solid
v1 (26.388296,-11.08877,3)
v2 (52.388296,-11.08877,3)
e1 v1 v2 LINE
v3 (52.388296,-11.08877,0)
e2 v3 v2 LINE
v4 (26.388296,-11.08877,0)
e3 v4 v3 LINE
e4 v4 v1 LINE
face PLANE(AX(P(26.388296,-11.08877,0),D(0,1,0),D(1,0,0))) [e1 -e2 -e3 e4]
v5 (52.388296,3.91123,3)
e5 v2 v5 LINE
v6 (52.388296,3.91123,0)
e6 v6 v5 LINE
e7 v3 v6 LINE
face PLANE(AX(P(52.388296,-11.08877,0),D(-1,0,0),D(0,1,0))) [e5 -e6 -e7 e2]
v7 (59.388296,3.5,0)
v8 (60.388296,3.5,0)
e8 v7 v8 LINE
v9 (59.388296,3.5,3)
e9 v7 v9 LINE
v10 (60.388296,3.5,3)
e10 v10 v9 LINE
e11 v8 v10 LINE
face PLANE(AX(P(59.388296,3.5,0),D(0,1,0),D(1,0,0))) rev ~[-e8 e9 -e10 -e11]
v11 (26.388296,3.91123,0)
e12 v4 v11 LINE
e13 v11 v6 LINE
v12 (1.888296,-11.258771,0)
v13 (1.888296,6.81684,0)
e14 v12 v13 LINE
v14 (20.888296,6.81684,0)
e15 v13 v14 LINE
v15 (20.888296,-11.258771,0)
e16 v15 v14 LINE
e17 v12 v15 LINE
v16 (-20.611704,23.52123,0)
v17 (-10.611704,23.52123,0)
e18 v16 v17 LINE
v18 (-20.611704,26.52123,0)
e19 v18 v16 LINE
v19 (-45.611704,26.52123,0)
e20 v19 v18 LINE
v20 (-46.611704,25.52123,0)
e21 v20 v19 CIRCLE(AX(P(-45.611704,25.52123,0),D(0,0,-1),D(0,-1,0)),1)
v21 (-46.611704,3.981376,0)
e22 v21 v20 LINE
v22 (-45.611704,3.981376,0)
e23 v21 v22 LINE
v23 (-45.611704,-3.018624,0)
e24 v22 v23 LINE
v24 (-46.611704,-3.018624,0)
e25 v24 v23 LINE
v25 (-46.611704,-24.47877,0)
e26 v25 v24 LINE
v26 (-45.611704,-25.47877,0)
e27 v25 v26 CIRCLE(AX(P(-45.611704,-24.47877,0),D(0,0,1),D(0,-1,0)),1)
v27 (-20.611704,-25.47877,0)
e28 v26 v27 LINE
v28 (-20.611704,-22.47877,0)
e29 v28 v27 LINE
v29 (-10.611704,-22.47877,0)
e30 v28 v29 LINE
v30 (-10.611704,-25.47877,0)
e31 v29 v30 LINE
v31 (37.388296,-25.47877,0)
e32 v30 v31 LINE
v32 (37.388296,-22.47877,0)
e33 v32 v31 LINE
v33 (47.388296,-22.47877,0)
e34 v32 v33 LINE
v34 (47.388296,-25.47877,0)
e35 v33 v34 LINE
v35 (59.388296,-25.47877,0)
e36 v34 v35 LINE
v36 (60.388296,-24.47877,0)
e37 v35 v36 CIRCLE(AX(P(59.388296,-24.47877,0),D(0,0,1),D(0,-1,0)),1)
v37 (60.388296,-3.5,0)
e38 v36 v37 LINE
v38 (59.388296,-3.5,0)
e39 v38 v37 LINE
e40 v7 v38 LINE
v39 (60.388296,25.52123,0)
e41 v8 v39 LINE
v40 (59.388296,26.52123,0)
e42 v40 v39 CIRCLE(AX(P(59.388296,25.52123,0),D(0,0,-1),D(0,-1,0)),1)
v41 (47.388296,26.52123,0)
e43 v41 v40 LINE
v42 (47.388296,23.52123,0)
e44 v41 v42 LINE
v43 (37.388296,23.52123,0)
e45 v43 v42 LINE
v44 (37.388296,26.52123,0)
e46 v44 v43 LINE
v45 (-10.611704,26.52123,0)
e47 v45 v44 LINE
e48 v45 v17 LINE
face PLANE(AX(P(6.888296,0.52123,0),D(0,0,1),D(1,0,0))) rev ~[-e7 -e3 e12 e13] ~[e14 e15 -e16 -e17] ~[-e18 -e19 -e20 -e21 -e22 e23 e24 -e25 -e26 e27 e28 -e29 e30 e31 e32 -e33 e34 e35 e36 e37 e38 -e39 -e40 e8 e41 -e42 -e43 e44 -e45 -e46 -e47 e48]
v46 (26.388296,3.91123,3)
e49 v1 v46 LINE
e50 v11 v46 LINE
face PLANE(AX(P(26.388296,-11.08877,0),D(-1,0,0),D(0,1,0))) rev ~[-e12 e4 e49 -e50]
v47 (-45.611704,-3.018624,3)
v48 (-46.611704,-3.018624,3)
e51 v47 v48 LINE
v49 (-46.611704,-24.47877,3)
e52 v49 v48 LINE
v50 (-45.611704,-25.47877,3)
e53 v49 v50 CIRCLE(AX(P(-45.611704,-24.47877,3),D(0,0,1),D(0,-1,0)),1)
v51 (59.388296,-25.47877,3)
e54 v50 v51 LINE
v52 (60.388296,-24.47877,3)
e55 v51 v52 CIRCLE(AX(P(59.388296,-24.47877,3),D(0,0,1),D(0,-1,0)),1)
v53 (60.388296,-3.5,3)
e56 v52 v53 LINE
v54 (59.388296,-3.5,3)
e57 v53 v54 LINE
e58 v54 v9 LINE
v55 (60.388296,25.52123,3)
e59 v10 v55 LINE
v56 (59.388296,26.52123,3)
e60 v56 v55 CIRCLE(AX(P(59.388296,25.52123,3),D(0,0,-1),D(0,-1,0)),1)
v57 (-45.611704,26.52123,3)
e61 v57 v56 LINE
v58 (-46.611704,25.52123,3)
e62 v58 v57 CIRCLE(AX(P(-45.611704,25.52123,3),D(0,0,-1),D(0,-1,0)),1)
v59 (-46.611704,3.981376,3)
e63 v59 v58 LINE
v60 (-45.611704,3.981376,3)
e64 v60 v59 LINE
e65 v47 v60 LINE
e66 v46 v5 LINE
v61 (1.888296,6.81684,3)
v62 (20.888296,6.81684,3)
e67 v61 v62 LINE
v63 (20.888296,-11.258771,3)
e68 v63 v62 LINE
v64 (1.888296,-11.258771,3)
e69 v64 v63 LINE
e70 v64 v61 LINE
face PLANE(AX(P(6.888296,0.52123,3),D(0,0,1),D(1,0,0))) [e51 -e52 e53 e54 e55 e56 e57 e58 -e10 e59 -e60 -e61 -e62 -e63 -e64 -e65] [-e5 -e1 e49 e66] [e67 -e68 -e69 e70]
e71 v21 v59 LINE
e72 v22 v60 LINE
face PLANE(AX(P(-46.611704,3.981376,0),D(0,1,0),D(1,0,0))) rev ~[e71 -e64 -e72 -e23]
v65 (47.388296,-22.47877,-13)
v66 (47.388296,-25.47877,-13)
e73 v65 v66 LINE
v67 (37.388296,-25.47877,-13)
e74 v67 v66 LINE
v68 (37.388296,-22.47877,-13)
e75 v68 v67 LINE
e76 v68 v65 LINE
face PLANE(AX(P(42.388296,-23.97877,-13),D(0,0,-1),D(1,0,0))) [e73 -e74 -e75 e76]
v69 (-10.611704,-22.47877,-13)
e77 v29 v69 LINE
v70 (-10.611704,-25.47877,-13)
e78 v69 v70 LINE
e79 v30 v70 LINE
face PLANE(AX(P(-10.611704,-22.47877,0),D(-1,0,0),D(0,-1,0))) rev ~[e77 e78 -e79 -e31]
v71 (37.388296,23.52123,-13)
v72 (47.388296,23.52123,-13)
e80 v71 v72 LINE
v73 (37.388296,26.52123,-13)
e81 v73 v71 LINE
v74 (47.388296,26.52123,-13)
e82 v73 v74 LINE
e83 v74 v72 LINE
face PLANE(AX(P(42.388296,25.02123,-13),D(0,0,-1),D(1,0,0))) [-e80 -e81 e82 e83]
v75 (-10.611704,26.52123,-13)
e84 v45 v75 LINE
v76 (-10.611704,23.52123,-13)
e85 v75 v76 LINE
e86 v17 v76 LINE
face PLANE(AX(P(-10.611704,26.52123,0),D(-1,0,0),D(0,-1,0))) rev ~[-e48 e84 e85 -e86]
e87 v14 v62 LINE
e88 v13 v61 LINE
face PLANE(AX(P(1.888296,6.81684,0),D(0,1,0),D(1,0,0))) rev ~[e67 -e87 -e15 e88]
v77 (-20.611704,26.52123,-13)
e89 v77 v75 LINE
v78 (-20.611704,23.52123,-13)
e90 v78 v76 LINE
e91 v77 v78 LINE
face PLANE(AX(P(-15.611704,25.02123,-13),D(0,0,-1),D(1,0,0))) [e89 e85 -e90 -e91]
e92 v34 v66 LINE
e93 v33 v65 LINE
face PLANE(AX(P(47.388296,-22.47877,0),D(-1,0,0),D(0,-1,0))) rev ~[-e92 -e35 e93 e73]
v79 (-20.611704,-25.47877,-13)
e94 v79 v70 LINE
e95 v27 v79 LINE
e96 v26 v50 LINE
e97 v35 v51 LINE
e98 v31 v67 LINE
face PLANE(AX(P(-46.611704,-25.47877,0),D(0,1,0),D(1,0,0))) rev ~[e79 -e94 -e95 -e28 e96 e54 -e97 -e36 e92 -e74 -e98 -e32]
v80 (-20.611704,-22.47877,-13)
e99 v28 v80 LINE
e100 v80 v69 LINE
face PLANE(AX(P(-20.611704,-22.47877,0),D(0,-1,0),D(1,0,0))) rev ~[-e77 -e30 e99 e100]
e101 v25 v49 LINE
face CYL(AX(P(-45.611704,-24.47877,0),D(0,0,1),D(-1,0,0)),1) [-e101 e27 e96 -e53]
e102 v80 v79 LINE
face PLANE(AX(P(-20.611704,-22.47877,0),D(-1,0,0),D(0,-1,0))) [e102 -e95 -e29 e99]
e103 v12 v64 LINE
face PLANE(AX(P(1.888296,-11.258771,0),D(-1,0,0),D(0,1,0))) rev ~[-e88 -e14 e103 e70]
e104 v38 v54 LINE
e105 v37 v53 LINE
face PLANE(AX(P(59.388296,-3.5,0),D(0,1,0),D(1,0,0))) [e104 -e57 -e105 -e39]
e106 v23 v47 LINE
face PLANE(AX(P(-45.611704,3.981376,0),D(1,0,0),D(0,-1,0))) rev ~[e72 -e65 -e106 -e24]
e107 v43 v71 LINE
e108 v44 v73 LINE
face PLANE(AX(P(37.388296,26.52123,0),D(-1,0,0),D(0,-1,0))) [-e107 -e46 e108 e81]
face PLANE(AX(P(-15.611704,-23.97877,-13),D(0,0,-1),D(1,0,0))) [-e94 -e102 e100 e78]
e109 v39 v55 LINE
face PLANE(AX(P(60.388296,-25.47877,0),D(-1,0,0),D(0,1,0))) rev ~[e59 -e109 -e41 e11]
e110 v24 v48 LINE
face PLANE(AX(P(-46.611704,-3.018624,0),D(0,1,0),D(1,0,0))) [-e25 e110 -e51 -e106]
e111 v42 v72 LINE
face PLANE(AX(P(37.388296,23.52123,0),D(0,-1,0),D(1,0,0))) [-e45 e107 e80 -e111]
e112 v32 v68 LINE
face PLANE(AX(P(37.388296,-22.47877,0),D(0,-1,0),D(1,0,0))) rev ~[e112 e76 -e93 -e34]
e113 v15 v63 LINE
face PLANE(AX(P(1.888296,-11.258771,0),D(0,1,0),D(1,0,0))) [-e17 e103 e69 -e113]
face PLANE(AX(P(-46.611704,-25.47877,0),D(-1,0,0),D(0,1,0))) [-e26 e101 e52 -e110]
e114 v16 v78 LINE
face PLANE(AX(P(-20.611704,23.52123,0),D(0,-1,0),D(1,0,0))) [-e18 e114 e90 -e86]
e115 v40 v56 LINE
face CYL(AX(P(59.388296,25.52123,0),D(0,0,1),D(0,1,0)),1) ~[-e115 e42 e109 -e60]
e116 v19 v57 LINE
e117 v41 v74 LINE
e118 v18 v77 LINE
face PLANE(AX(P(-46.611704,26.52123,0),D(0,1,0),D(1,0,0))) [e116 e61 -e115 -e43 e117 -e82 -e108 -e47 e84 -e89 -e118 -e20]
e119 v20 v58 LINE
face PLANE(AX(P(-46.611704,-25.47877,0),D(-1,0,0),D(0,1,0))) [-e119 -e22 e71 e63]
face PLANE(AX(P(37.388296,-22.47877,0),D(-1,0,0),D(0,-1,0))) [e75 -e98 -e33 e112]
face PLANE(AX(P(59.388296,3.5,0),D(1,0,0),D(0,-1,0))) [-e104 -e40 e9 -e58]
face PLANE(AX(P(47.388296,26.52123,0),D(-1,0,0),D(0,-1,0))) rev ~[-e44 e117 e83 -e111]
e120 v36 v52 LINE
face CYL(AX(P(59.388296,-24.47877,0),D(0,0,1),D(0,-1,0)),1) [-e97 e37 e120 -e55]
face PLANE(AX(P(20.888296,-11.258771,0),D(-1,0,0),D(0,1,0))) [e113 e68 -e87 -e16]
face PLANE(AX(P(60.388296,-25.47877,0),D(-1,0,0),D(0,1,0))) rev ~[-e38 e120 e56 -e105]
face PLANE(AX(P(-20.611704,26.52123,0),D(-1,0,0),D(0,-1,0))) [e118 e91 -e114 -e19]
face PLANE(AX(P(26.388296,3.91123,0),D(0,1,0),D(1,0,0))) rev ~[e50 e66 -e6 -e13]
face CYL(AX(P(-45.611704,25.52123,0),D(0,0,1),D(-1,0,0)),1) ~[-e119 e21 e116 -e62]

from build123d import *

# Parameters (mm, degrees)
SKETCH_W     = 107
SKETCH_H     = 52
SKETCH_W_2   = 19
SKETCH_H_2   = 18.075611
SKETCH_W_3   = 26
SKETCH_H_3   = 15
PAD_DEPTH    = 3
FILLET_R     = 1
SKETCH001_W  = 1
SKETCH001_H  = 7
POCKET_DEPTH = 3.001
SKETCH002_W  = 10
SKETCH002_H  = 3
PAD001_DEPTH = 13


with BuildPart() as part:
    # Sketch → Pad (new body)
    with BuildSketch(Plane.XY):
        with Locations((6.888296, 0.52123)):
            Rectangle(SKETCH_W, SKETCH_H)
        with Locations((11.388296, -2.220965)):
            Rectangle(SKETCH_W_2, SKETCH_H_2, mode=Mode.SUBTRACT)
        with Locations((39.388296, -3.58877)):
            Rectangle(SKETCH_W_3, SKETCH_H_3, mode=Mode.SUBTRACT)
    extrude(amount=PAD_DEPTH)

    # Fillet
    fillet_edges = [part.edges().sort_by_distance(p)[0] for p in [
        (-46.611704, 26.52123, 1.5),
        (60.388296, 26.52123, 1.5),
        (60.388296, -25.47877, 1.5),
        (-46.611704, -25.47877, 1.5),
    ]]
    fillet(fillet_edges, radius=FILLET_R)

    # Sketch001 (on ShapeBinder) → Pocket (cut, through all)
    with BuildSketch(Plane(origin=(0, 0, 0), x_dir=(1, 0, 0), z_dir=(0, 0, -1))):
        with Locations((-46.111704, -0.481376)):
            Rectangle(SKETCH001_W, SKETCH001_H)
        with Locations((59.888296, 0)):
            Rectangle(SKETCH001_W, SKETCH001_H)
    extrude(amount=-POCKET_DEPTH, mode=Mode.SUBTRACT)

    # Sketch002 (on ShapeBinder) → Pad001 (join)
    with BuildSketch(Plane(origin=(0, 0, 0), x_dir=(1, 0, 0), z_dir=(0, 0, -1))):
        with Locations((-15.611704, 23.97877)):
            Rectangle(SKETCH002_W, SKETCH002_H)
        with Locations((42.388296, 23.97877)):
            Rectangle(SKETCH002_W, SKETCH002_H)
        with Locations((-15.611704, -25.02123)):
            Rectangle(SKETCH002_W, SKETCH002_H)
        with Locations((42.388296, -25.02123)):
            Rectangle(SKETCH002_W, SKETCH002_H)
    extrude(amount=PAD001_DEPTH)


solid = part.part
